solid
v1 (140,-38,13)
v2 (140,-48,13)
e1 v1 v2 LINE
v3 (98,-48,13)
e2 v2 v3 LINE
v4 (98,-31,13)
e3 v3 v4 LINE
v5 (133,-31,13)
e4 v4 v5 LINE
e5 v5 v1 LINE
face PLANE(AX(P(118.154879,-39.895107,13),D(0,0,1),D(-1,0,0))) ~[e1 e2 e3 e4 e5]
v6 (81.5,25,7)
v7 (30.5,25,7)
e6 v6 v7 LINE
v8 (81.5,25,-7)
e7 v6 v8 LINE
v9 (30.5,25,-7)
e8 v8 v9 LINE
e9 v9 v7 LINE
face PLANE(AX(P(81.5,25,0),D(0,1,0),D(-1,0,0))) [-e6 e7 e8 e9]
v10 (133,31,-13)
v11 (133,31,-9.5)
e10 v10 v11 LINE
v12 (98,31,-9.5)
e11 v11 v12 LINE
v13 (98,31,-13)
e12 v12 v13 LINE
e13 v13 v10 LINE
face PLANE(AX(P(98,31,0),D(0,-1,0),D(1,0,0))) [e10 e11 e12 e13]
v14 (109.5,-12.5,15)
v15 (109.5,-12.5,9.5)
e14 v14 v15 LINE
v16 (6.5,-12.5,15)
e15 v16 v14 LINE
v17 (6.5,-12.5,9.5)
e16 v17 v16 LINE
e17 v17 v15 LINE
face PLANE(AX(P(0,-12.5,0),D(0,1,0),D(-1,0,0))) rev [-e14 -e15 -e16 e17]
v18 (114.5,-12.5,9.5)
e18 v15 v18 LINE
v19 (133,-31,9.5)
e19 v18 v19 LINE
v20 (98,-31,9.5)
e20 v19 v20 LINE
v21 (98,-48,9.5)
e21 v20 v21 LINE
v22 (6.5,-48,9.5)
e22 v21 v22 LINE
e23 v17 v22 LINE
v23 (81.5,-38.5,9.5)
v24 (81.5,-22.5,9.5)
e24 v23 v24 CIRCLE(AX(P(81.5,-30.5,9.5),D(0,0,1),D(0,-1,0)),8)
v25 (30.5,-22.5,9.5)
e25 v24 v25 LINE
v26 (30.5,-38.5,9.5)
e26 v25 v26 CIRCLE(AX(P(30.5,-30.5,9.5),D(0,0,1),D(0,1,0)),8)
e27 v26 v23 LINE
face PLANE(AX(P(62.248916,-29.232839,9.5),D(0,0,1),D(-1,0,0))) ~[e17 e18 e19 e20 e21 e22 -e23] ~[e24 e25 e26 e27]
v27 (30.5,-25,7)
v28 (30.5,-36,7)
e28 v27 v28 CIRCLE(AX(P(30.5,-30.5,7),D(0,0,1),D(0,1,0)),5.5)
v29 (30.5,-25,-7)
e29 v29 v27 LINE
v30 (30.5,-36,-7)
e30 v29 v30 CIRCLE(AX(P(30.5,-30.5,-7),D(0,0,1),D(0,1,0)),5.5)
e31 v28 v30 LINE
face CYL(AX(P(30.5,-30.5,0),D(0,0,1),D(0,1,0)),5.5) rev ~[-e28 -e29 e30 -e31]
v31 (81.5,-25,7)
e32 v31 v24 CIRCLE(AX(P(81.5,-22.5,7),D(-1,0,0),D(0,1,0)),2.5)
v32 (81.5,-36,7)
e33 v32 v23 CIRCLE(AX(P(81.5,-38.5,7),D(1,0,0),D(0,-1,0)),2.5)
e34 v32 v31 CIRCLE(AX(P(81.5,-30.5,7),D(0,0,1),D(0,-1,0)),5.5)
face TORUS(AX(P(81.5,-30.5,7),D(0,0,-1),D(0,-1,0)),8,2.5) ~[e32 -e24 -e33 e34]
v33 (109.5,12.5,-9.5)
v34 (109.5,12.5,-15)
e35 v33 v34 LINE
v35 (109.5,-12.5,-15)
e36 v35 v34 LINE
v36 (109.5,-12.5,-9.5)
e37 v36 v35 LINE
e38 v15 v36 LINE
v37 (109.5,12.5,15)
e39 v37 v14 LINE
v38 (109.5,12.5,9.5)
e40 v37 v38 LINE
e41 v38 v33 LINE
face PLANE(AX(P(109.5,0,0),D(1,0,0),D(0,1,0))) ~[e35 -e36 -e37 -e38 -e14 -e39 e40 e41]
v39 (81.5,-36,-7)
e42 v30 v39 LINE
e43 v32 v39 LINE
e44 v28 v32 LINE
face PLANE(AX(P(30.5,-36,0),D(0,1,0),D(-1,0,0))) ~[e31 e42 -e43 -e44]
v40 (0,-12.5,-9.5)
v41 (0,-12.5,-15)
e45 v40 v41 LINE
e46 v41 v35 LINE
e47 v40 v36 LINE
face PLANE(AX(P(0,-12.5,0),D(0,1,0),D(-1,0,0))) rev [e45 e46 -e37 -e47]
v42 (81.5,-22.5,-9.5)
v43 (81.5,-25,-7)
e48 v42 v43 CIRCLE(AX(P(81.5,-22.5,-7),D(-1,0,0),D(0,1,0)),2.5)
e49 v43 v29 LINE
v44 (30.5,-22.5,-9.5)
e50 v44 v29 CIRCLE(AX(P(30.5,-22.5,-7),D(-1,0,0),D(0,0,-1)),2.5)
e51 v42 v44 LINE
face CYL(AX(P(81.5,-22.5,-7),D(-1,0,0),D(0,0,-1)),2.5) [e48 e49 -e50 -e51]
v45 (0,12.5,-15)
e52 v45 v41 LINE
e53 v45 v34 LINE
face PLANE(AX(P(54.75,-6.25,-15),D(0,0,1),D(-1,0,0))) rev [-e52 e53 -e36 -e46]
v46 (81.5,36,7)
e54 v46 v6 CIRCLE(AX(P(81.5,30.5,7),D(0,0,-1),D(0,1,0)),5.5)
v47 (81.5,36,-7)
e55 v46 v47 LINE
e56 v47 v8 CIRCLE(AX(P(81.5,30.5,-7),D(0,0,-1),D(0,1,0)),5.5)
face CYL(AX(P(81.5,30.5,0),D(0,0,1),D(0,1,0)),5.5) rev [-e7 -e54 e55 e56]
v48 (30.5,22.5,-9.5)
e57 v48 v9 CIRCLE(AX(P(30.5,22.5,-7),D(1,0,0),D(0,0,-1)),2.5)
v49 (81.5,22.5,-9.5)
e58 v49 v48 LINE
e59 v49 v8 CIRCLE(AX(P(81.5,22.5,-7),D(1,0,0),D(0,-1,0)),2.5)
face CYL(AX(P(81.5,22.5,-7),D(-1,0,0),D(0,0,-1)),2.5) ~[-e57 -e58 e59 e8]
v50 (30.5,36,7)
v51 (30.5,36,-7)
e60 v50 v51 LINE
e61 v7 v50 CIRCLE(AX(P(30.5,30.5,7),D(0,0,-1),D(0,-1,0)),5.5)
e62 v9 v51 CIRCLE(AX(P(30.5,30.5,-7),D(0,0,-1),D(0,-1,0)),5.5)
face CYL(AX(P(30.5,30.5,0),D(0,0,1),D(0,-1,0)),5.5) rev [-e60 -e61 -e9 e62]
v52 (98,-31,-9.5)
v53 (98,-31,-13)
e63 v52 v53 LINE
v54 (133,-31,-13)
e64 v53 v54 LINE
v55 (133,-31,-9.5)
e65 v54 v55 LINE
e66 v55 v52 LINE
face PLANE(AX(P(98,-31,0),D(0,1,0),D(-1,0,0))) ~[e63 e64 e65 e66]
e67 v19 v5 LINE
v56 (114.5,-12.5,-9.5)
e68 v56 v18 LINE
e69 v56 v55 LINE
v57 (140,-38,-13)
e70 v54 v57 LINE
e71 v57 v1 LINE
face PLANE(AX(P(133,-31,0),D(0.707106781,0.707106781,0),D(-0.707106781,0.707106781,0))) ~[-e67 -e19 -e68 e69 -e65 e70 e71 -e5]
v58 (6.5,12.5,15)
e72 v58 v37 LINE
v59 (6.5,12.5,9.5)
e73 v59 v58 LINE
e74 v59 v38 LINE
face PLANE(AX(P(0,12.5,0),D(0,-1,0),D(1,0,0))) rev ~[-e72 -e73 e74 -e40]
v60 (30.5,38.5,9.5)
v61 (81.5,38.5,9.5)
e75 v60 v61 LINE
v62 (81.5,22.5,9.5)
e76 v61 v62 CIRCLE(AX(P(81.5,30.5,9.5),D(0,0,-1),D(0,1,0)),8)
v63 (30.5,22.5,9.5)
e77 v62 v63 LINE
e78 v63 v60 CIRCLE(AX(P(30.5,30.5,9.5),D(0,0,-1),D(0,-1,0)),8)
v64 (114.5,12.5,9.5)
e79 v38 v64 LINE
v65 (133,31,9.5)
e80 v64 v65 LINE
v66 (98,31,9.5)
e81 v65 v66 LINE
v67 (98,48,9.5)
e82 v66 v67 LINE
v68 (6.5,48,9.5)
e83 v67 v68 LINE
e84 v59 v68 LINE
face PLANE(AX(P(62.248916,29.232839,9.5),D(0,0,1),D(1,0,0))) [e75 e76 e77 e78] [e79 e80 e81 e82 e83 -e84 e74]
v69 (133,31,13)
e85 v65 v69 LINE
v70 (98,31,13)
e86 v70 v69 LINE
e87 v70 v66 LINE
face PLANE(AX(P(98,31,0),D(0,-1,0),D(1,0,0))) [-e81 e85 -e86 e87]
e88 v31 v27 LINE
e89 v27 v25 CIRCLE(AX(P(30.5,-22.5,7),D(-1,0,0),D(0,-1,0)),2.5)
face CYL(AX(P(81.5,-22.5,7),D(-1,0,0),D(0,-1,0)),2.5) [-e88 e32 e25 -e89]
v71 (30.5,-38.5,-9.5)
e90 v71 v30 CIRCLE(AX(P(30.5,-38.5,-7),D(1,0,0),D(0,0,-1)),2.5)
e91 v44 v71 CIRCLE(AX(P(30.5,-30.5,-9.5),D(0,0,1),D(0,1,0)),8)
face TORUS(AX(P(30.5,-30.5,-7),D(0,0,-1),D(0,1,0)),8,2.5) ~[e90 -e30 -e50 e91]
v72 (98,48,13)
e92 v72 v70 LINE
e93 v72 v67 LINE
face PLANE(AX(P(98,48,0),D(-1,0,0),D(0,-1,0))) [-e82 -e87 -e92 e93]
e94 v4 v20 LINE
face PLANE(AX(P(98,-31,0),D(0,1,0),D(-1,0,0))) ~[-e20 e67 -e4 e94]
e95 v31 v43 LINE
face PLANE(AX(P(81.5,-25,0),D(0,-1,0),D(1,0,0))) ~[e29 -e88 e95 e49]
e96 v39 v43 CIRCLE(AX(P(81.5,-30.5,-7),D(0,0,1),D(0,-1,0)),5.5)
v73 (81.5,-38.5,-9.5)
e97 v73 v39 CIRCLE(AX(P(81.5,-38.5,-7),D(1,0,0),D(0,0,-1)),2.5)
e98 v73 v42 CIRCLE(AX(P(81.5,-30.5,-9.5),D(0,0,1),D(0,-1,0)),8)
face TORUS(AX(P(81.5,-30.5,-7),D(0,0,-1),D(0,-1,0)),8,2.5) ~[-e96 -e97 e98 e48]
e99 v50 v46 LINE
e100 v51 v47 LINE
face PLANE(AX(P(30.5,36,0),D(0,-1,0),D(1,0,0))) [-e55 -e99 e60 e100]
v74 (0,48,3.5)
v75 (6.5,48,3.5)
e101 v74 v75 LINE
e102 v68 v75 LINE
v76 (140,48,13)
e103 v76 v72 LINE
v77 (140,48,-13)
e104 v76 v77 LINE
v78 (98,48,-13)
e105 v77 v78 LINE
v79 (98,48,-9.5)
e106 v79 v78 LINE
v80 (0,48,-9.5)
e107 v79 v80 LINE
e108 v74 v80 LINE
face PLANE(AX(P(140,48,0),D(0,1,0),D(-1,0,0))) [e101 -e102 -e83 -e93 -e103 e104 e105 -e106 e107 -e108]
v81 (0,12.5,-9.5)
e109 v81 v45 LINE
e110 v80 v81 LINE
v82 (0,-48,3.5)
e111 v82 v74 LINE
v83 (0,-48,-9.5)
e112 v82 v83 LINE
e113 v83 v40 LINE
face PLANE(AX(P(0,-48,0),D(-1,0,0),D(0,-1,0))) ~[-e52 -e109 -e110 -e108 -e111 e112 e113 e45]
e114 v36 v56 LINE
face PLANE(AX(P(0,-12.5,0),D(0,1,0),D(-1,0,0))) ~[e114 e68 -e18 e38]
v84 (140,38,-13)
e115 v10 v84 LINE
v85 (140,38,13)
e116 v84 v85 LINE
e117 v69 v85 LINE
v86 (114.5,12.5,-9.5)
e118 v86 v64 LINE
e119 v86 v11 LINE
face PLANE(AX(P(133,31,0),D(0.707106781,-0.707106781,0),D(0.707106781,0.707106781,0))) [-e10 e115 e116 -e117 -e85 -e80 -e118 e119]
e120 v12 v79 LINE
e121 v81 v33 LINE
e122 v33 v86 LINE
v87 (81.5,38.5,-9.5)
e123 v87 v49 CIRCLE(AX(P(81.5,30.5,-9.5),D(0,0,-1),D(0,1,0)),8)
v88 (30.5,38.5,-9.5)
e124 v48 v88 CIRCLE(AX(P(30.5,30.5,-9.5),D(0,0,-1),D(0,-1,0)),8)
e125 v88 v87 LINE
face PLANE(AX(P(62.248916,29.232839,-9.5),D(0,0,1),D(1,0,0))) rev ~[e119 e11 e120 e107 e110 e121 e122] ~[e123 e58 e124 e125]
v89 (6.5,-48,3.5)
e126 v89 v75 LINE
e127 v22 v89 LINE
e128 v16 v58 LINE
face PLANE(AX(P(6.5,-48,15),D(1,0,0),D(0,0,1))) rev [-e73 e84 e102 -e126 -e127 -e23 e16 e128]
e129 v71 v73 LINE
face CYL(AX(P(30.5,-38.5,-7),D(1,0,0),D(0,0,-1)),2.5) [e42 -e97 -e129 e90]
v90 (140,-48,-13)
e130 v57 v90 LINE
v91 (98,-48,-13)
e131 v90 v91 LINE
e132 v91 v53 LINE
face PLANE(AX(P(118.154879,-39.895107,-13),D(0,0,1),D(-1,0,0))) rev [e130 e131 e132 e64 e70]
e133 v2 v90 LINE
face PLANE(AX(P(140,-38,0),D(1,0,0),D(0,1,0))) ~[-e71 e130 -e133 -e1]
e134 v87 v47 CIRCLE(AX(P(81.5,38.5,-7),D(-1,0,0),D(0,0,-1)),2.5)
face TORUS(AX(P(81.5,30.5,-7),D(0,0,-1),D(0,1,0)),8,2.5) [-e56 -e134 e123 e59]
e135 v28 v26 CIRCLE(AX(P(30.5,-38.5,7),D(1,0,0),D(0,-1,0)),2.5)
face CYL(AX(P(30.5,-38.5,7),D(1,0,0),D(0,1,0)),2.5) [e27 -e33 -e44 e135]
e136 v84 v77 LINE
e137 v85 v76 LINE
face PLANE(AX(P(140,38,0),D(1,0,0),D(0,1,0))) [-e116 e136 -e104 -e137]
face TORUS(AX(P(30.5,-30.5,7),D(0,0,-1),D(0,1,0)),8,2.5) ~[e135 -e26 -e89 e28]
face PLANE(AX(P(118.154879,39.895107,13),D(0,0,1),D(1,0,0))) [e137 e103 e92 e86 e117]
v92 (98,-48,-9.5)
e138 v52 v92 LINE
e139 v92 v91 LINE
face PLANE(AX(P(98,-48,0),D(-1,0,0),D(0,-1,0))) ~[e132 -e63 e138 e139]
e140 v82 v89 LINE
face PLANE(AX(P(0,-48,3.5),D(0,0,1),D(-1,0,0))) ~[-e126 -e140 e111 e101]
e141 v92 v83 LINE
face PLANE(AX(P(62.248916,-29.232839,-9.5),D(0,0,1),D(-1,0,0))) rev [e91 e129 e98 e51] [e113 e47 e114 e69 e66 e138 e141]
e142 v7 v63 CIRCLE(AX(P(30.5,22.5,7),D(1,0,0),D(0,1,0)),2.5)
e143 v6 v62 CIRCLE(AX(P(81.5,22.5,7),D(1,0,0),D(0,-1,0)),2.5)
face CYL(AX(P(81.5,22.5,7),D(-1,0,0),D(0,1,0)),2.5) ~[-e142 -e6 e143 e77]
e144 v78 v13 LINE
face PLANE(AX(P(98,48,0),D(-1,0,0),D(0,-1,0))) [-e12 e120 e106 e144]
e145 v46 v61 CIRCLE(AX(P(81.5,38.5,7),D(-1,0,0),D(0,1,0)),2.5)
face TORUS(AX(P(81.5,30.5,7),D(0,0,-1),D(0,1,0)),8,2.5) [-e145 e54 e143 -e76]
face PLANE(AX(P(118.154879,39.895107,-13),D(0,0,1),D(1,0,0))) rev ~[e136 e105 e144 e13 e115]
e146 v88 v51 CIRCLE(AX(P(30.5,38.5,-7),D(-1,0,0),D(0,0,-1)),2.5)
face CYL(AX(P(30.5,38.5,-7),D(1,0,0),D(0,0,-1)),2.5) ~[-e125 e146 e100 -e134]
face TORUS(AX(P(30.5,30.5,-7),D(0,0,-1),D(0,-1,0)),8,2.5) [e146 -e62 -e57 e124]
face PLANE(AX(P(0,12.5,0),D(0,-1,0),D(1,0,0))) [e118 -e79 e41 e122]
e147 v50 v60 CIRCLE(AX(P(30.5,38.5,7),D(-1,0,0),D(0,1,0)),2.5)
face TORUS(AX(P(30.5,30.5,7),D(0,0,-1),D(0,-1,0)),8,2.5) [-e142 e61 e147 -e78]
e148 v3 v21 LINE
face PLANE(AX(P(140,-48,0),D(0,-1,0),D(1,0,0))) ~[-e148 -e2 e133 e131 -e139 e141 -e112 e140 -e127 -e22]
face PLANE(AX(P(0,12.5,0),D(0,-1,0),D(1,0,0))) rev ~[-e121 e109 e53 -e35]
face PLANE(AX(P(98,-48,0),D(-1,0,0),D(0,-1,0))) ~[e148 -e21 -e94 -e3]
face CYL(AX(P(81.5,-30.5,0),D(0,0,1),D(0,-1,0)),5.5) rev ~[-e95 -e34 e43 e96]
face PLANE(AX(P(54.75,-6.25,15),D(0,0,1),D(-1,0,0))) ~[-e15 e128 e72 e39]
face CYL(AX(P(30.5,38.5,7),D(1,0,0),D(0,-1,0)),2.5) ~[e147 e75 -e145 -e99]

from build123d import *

# Parameters (mm, degrees)
SKETCH1_W           = 109.5
SKETCH1_H           = 12.5
BOSS_EXTRUDE1_DEPTH = 15
BOSS_EXTRUDE2_DEPTH = 9.5
BOSS_EXTRUDE3_DEPTH = 13
SKETCH2_W           = 6.5
SKETCH2_H           = 11.5
CUT_EXTRUDE1_DEPTH  = 149.758193052
FILLET1_R           = 2.5


with BuildPart() as part:
    # Sketch1 → Boss-Extrude1 (new, symmetric)
    with BuildSketch(Plane.XY):
        with Locations((54.75, 6.25)):
            Rectangle(SKETCH1_W, SKETCH1_H)
    extrude(amount=BOSS_EXTRUDE1_DEPTH, both=True)

    # Sketch1<3> → Boss-Extrude2 (add, symmetric)
    with BuildSketch(Plane.XY):
        Polygon((0, 12.5), (109.5, 12.5), (114.5, 12.5), (133, 31), (98, 31), (98, 48), (0, 48), align=None)
        with BuildLine():
            ThreePointArc((30.5, 25), (25, 30.5), (30.5, 36))
            Line((30.5, 36), (81.5, 36))
            ThreePointArc((81.5, 36), (87, 30.5), (81.5, 25))
            Line((81.5, 25), (30.5, 25))
        make_face(mode=Mode.SUBTRACT)
    extrude(amount=BOSS_EXTRUDE2_DEPTH, both=True)

    # Sketch1<4> → Boss-Extrude3 (add, symmetric)
    with BuildSketch(Plane.XY):
        Polygon((98, 31), (133, 31), (140, 38), (140, 48), (98, 48), align=None)
    extrude(amount=BOSS_EXTRUDE3_DEPTH, both=True)

    # Sketch2 → Cut-Extrude1 (cut, through all)
    with BuildSketch(Plane(origin=(0, 48, 0), x_dir=(1, 0, 0), z_dir=(0, 1, 0))):
        with Locations((3.25, -9.25)):
            Rectangle(SKETCH2_W, SKETCH2_H)
    extrude(amount=-CUT_EXTRUDE1_DEPTH, mode=Mode.SUBTRACT)

    # Fillet1
    fillet1_edges = [part.edges().sort_by_distance(p)[0] for p in [
        (87, 30.5, 9.5),
        (56, 25, 9.5),
        (25, 30.5, 9.5),
        (56, 36, -9.5),
        (56, 36, 9.5),
        (87, 30.5, -9.5),
        (25, 30.5, -9.5),
        (56, 25, -9.5),
    ]]
    fillet(fillet1_edges, radius=FILLET1_R)

    # Mirror2: part across plane


with BuildPart() as part_1:
    add(part.part)
    add(part.part.mirror(Plane(origin=(0, 0, 15), x_dir=(0, 0, 1), z_dir=(0, -1, 0))))


solid = part_1.part
